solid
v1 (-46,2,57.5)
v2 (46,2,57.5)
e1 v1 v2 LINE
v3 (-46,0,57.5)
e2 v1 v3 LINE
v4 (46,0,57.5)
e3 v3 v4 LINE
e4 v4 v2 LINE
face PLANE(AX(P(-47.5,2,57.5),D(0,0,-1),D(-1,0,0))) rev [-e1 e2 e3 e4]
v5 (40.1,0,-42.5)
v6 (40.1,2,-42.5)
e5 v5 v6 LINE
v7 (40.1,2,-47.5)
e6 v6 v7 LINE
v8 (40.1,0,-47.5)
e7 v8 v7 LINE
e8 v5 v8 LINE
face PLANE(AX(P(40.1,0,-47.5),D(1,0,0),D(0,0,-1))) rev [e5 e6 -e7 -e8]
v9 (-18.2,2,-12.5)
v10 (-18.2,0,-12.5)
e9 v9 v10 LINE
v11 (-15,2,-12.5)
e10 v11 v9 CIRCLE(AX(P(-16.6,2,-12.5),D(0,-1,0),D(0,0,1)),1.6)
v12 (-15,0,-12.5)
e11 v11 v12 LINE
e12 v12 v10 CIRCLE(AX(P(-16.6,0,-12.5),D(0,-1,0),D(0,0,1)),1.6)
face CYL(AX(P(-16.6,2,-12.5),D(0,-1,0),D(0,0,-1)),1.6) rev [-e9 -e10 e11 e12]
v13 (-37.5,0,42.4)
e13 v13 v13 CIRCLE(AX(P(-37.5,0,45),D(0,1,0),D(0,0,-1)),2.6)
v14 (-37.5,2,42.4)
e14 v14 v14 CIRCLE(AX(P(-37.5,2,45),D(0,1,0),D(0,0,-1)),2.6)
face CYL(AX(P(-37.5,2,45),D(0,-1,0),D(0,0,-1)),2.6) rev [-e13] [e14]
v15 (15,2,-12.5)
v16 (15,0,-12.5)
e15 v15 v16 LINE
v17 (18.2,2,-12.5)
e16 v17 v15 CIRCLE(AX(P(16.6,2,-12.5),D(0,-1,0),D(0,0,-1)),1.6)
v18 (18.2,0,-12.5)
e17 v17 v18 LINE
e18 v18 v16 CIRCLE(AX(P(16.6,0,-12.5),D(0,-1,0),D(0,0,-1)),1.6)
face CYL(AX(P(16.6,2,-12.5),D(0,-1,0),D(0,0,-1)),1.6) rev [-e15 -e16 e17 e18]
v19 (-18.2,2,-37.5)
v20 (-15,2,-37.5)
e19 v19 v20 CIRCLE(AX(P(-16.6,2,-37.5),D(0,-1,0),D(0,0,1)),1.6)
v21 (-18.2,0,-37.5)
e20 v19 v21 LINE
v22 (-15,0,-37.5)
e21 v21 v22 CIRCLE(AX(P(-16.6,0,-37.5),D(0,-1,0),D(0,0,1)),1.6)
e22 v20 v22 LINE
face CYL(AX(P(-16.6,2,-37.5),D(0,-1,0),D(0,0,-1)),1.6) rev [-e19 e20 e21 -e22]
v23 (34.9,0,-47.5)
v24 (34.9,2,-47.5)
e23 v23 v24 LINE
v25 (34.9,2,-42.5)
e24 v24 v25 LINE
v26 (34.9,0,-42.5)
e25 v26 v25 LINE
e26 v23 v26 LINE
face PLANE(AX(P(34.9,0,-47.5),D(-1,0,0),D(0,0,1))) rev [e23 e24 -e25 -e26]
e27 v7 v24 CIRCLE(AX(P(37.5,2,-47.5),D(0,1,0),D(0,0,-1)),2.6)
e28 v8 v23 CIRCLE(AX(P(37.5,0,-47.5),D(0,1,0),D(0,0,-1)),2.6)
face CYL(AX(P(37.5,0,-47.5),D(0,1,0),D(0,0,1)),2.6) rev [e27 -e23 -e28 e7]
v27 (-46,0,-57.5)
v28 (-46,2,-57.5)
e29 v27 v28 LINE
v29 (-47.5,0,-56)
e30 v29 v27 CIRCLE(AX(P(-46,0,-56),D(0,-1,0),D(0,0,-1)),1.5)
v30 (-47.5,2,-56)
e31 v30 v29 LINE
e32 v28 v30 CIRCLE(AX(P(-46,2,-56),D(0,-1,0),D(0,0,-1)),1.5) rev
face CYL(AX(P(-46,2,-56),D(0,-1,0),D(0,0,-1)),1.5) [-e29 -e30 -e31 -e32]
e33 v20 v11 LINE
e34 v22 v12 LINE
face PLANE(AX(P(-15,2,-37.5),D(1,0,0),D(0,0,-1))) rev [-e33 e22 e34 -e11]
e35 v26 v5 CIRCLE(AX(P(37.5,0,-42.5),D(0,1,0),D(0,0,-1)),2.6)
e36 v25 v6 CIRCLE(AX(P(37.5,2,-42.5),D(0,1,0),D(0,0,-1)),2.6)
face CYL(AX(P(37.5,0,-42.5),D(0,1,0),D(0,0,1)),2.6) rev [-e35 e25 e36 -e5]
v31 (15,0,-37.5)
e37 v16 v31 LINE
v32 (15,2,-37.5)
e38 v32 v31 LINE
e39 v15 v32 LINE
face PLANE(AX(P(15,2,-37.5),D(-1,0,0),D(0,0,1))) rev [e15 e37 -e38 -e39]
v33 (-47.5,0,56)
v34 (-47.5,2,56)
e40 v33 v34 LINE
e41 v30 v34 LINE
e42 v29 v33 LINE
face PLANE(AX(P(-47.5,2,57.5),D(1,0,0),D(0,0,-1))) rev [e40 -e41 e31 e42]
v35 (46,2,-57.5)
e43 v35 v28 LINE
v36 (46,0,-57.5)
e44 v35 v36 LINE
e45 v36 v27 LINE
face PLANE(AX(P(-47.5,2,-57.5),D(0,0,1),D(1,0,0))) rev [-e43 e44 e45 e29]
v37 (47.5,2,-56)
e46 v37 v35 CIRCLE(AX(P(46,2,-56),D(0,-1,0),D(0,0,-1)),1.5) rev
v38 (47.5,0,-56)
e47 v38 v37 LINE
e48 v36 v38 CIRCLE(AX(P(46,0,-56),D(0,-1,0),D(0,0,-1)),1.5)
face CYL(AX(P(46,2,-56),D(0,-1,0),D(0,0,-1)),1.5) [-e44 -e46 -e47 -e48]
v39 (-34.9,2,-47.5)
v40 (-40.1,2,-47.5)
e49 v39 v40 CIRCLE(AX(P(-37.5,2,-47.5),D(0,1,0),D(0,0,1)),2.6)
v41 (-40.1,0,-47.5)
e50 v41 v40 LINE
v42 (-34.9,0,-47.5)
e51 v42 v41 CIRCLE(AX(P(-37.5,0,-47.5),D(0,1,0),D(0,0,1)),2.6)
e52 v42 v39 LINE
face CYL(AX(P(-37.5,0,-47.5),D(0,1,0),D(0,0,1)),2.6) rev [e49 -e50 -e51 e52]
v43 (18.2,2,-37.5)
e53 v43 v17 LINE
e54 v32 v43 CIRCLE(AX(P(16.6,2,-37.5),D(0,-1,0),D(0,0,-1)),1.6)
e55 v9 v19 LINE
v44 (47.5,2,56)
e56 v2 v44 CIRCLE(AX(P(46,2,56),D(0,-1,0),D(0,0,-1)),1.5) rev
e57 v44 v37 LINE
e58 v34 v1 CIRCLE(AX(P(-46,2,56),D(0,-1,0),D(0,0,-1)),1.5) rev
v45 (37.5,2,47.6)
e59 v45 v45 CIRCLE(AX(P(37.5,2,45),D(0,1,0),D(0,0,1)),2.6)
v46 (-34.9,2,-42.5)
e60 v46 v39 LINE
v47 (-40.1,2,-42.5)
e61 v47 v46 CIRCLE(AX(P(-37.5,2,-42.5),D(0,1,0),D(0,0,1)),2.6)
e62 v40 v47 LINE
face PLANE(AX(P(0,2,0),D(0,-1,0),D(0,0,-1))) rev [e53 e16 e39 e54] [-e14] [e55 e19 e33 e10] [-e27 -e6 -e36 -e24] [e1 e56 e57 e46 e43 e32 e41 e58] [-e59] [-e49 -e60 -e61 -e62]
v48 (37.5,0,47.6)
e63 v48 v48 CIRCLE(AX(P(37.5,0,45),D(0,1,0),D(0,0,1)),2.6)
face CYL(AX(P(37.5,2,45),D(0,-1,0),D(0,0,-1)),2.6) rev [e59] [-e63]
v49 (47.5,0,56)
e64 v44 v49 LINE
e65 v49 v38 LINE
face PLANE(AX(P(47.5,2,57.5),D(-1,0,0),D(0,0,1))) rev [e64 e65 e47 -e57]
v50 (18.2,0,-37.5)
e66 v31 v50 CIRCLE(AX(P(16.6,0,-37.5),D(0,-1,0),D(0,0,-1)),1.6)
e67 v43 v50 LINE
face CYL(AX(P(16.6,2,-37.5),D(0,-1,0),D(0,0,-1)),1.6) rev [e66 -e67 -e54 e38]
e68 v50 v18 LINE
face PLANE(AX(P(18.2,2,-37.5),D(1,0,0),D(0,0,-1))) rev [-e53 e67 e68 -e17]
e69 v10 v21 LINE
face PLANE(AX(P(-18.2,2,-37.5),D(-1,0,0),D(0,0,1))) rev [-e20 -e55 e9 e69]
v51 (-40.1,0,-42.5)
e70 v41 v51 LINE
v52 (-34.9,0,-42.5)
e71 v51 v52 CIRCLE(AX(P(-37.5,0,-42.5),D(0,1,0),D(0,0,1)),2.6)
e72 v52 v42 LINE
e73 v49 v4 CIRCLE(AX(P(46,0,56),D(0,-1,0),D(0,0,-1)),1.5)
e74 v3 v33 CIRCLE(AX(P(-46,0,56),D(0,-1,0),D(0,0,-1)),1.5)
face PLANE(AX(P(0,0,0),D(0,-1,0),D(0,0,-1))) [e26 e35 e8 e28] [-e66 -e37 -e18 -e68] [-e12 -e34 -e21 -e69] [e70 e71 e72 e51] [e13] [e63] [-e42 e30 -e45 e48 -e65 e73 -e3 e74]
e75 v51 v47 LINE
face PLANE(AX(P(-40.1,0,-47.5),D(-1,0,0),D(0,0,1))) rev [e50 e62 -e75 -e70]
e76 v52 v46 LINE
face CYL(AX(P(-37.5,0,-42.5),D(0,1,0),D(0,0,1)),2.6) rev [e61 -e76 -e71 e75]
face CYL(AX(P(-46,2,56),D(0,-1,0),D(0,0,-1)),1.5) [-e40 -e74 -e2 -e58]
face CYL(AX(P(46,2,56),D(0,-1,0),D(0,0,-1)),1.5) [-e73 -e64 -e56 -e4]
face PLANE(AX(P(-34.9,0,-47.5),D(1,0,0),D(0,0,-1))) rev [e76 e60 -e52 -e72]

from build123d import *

# Parameters (mm, degrees)
SKETCH1_W           = 95
SKETCH1_H           = 115
SKETCH1_R           = 2.6
BOSS_EXTRUDE1_DEPTH = 2
CUT_EXTRUDE1_DEPTH  = 75.608980693
FILLET1_R           = 1.5
CUT_EXTRUDE2_DEPTH  = 75.608980693


with BuildPart() as part:
    # Sketch1 → Boss-Extrude1 (new body)
    with BuildSketch(Plane(origin=(0, 0, 0), x_dir=(1, 0, 0), z_dir=(0, 1, 0))):
        Rectangle(SKETCH1_W, SKETCH1_H)
        with Locations(Location((-37.5, 45, 0), (0, 0, 270))):
            Circle(SKETCH1_R, mode=Mode.SUBTRACT)
        with Locations(Location((37.5, 45, 0), (0, 0, 90))):
            Circle(SKETCH1_R, mode=Mode.SUBTRACT)
        with Locations(Location((37.5, -45, 0), (0, 0, 270))):
            Circle(SKETCH1_R, mode=Mode.SUBTRACT)
        with Locations(Location((-37.5, -45, 0), (0, 0, 90))):
            Circle(SKETCH1_R, mode=Mode.SUBTRACT)
    extrude(amount=BOSS_EXTRUDE1_DEPTH)

    # Sketch2 → Cut-Extrude1 (cut, through all)
    with BuildSketch(Plane(origin=(0, 2, 0), x_dir=(1, 0, 0), z_dir=(0, 1, 0))):
        with BuildLine():
            Line((-34.9, 47.5), (-34.9, 42.5))
            ThreePointArc((-34.9, 42.5), (-37.5, 39.9), (-40.1, 42.5))
            Line((-40.1, 42.5), (-40.1, 47.5))
            ThreePointArc((-40.1, 47.5), (-37.5, 50.1), (-34.9, 47.5))
        make_face()
        with BuildLine():
            Line((34.9, 47.5), (34.9, 42.5))
            ThreePointArc((34.9, 42.5), (37.5, 39.9), (40.1, 42.5))
            Line((40.1, 42.5), (40.1, 47.5))
            ThreePointArc((40.1, 47.5), (37.5, 50.1), (34.9, 47.5))
        make_face()
    extrude(amount=-CUT_EXTRUDE1_DEPTH, mode=Mode.SUBTRACT)

    # Fillet1
    fillet1_edges = [part.edges().sort_by_distance(p)[0] for p in [
        (47.5, 1, 57.5),
        (-47.5, 1, 57.5),
        (-47.5, 1, -57.5),
        (47.5, 1, -57.5),
    ]]
    fillet(fillet1_edges, radius=FILLET1_R)

    # Sketch3 → Cut-Extrude2 (cut, through all)
    with BuildSketch(Plane.XZ):
        with BuildLine():
            Line((15, -37.5), (15, -12.5))
            ThreePointArc((15, -12.5), (16.6, -10.9), (18.2, -12.5))
            Line((18.2, -12.5), (18.2, -37.5))
            ThreePointArc((18.2, -37.5), (16.6, -39.1), (15, -37.5))
        make_face()
        with BuildLine():
            Line((-15, -37.5), (-15, -12.5))
            ThreePointArc((-15, -12.5), (-16.6, -10.9), (-18.2, -12.5))
            Line((-18.2, -12.5), (-18.2, -37.5))
            ThreePointArc((-18.2, -37.5), (-16.6, -39.1), (-15, -37.5))
        make_face()
    extrude(amount=-CUT_EXTRUDE2_DEPTH, mode=Mode.SUBTRACT)


solid = part.part
